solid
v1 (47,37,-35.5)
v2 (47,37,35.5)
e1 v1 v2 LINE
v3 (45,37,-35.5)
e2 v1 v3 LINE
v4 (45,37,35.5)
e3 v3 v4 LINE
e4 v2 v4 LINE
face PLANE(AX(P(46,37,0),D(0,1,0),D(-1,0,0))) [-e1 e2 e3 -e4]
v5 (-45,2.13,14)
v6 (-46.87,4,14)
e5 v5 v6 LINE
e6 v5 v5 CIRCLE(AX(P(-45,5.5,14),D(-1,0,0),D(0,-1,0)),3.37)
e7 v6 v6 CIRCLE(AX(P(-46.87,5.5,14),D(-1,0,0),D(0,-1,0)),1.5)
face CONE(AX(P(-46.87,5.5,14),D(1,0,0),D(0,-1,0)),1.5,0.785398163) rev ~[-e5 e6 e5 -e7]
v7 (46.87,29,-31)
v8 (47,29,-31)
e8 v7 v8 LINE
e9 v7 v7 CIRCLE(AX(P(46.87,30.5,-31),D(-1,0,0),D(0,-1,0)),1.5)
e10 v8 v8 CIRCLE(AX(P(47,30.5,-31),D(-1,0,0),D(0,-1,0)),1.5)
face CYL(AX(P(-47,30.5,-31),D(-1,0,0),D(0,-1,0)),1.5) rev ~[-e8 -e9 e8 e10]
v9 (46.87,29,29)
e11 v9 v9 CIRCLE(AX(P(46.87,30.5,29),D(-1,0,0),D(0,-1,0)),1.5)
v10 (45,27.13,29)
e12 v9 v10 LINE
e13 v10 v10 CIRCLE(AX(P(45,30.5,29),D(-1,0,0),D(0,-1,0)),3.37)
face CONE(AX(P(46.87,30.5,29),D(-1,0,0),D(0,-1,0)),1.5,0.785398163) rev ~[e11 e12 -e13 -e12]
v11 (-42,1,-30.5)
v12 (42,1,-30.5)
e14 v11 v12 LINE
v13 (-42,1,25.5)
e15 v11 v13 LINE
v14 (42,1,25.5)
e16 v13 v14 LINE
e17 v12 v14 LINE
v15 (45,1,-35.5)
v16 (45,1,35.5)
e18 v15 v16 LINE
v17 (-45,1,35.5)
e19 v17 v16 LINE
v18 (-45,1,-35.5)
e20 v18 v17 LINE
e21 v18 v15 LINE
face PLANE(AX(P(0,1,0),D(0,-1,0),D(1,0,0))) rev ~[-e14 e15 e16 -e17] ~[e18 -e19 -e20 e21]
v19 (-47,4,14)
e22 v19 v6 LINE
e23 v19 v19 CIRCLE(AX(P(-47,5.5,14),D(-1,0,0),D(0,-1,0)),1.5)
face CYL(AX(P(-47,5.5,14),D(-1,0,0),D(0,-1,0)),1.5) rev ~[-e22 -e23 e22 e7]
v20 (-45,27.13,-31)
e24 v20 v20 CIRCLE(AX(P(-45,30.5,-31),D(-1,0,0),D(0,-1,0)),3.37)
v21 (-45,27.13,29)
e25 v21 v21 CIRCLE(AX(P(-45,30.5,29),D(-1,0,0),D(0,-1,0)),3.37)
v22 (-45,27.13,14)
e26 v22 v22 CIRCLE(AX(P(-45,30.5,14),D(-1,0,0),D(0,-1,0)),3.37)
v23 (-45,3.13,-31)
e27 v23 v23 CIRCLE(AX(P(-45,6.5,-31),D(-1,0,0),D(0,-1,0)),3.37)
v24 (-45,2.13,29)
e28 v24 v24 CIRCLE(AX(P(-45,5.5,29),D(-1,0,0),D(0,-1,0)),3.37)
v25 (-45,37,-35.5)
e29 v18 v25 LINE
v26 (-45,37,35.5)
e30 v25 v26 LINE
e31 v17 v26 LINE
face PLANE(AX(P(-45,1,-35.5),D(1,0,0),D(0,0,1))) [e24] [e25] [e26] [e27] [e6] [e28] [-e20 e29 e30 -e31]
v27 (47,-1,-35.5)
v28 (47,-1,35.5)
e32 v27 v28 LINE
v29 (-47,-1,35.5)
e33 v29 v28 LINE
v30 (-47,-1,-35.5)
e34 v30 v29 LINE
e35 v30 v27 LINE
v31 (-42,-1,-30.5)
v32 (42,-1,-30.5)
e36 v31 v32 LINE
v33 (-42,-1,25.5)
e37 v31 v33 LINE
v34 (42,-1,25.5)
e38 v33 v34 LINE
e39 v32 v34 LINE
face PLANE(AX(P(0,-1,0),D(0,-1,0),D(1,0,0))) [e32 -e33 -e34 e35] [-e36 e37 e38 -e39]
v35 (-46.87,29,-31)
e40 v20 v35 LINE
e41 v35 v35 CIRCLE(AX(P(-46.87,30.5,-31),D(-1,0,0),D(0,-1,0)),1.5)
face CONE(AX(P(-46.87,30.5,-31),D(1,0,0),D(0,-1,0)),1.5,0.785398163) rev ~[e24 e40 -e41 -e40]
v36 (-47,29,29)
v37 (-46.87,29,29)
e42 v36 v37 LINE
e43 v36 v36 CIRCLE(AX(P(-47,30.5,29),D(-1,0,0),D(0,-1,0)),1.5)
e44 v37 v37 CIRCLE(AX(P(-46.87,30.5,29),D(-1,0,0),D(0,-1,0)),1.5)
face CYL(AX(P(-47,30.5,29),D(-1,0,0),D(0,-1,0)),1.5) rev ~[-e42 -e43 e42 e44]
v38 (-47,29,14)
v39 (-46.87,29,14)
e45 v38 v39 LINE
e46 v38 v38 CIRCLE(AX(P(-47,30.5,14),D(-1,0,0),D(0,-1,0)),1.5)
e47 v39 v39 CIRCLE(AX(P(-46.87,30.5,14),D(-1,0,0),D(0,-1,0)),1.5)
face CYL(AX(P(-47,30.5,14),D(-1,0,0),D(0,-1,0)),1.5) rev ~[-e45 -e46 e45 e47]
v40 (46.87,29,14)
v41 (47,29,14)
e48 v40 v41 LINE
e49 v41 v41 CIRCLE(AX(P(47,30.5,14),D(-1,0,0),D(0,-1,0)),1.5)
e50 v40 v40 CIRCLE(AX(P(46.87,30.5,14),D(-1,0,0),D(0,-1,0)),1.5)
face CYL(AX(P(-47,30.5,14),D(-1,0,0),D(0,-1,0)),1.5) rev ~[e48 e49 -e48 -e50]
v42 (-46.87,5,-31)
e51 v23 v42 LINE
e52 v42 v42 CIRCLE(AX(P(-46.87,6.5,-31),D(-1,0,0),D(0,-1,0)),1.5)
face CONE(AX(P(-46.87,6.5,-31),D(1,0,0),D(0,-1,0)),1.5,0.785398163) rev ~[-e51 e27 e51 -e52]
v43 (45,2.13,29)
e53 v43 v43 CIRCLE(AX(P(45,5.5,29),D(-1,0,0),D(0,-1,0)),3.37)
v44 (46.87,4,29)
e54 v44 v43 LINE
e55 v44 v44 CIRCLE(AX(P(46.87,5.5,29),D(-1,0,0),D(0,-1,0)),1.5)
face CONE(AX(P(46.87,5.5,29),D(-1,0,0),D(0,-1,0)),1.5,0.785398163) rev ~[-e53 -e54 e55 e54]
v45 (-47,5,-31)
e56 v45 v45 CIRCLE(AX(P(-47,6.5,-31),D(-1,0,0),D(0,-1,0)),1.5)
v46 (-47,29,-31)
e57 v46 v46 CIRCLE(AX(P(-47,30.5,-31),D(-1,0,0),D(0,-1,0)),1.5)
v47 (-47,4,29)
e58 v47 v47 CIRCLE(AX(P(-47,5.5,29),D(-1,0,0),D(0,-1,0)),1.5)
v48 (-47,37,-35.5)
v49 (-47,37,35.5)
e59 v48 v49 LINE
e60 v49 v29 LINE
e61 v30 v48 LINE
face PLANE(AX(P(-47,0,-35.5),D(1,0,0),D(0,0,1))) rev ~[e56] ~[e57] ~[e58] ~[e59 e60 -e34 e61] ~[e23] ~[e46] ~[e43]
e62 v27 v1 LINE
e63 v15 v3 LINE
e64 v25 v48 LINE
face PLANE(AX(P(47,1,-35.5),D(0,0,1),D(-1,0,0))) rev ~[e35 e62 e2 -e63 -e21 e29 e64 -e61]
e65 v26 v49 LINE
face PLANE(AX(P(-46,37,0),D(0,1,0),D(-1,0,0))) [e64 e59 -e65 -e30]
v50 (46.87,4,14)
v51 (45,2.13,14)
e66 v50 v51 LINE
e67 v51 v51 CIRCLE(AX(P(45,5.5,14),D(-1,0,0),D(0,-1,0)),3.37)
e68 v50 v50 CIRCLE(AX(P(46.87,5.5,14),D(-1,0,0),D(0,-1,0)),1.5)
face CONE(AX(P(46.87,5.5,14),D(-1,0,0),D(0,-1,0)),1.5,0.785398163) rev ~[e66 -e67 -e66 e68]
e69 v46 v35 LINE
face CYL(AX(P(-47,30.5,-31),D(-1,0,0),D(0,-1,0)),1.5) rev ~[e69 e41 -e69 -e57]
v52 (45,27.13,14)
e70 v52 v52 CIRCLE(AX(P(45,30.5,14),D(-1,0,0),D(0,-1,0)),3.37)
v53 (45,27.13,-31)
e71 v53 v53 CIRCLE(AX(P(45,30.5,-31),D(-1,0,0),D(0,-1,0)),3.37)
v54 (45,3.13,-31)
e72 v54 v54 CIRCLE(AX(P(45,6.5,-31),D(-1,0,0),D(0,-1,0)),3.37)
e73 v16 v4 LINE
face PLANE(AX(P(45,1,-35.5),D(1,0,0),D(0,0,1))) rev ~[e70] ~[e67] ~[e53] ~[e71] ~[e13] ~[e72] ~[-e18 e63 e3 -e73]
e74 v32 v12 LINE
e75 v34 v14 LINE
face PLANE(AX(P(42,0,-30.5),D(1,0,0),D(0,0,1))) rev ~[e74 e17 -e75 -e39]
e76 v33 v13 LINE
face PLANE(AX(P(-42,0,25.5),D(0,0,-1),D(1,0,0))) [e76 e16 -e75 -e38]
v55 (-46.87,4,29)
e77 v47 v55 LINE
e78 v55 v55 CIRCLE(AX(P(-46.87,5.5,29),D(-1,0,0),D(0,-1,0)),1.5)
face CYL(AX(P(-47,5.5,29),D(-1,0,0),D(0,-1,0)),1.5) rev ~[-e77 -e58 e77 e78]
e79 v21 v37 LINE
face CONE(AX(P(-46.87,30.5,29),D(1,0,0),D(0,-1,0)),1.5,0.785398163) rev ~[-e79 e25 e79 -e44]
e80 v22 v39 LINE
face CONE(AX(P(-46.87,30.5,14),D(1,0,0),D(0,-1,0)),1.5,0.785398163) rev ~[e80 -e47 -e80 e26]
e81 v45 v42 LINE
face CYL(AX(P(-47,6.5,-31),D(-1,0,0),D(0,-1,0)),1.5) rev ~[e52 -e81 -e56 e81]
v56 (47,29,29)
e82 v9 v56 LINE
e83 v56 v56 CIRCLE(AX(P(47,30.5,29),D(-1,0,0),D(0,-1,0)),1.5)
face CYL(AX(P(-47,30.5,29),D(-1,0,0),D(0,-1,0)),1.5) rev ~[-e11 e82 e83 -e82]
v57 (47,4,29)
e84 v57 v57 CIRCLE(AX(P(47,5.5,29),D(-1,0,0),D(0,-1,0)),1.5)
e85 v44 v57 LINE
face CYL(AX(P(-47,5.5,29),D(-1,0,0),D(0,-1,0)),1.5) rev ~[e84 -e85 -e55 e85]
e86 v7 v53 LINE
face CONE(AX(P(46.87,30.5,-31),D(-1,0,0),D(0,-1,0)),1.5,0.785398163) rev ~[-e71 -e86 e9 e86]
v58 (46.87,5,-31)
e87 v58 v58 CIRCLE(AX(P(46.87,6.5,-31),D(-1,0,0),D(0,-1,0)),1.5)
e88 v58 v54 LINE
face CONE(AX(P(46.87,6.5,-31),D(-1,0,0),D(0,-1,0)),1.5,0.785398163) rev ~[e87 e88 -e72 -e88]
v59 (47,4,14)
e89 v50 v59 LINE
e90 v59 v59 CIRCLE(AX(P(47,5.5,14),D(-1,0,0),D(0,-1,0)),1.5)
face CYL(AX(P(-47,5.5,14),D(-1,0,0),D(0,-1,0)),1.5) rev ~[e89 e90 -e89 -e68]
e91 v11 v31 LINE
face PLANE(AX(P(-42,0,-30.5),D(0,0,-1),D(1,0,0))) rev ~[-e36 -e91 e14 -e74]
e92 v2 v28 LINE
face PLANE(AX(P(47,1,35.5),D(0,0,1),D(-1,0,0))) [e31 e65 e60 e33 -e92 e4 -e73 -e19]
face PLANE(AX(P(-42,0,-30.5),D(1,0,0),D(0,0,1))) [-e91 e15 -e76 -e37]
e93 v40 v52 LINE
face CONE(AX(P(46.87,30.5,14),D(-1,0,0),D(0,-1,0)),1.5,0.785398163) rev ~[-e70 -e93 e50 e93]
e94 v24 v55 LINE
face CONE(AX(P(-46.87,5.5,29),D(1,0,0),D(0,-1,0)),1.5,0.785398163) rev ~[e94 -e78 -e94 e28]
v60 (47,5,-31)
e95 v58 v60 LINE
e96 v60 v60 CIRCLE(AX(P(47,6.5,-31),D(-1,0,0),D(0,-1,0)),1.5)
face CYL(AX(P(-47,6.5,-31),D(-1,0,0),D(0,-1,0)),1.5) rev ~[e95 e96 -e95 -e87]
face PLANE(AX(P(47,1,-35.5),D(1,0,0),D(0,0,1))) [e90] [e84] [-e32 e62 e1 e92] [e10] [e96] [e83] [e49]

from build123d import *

# Parameters (mm, degrees)
F0_W     = 94
F0_H     = 71
F0_W_2   = 84
F0_H_2   = 56
F1_DEPTH = 1
F2_W     = 2
F2_H     = 71
F3_DEPTH = 36
F4_R     = 1.5
F5_DEPTH = 100
F6_SIZE  = 1.87


with BuildPart() as f1:
    # F0 (on Front) → F1 (new body, symmetric)
    with BuildSketch(Plane.XZ):
        Rectangle(F0_W, F0_H)
        with Locations((0, -2.5)):
            Rectangle(F0_W_2, F0_H_2, mode=Mode.SUBTRACT)
    extrude(amount=F1_DEPTH, both=True)

    # F2 (on face) → F3 (join)
    with BuildSketch(Plane(origin=(0, 1, 0), x_dir=(-1, 0, 0), z_dir=(0, 1, 0))):
        with Locations((-46, 0)):
            Rectangle(F2_W, F2_H)
        with Locations((46, 0)):
            Rectangle(F2_W, F2_H)
    extrude(amount=F3_DEPTH)

    # F4 (on face) → F5 (cut)
    with BuildSketch(Plane(origin=(-47, 0, 0), x_dir=(0, -1, 0), z_dir=(-1, 0, 0))):
        with Locations((-30.5, -31)):
            Circle(F4_R)
        with Locations((-6.5, -31)):
            Circle(F4_R)
        with Locations((-30.5, 29)):
            Circle(F4_R)
        with Locations((-5.5, 29)):
            Circle(F4_R)
        with Locations((-30.5, 14)):
            Circle(F4_R)
        with Locations((-5.5, 14)):
            Circle(F4_R)
    extrude(amount=-F5_DEPTH, mode=Mode.SUBTRACT)

    # F6
    f6_edges = [f1.edges().sort_by_distance(p)[0] for p in [
        (-45, 32, 29),
        (-45, 32, 14),
        (-45, 7, 29),
        (45, 7, 29),
        (45, 7, 14),
        (45, 32, 29),
        (45, 32, 14),
        (-45, 7, 14),
        (45, 8, -31),
        (45, 32, -31),
        (-45, 8, -31),
        (-45, 32, -31),
    ]]
    chamfer(f6_edges, length=F6_SIZE)


solid = f1.part
